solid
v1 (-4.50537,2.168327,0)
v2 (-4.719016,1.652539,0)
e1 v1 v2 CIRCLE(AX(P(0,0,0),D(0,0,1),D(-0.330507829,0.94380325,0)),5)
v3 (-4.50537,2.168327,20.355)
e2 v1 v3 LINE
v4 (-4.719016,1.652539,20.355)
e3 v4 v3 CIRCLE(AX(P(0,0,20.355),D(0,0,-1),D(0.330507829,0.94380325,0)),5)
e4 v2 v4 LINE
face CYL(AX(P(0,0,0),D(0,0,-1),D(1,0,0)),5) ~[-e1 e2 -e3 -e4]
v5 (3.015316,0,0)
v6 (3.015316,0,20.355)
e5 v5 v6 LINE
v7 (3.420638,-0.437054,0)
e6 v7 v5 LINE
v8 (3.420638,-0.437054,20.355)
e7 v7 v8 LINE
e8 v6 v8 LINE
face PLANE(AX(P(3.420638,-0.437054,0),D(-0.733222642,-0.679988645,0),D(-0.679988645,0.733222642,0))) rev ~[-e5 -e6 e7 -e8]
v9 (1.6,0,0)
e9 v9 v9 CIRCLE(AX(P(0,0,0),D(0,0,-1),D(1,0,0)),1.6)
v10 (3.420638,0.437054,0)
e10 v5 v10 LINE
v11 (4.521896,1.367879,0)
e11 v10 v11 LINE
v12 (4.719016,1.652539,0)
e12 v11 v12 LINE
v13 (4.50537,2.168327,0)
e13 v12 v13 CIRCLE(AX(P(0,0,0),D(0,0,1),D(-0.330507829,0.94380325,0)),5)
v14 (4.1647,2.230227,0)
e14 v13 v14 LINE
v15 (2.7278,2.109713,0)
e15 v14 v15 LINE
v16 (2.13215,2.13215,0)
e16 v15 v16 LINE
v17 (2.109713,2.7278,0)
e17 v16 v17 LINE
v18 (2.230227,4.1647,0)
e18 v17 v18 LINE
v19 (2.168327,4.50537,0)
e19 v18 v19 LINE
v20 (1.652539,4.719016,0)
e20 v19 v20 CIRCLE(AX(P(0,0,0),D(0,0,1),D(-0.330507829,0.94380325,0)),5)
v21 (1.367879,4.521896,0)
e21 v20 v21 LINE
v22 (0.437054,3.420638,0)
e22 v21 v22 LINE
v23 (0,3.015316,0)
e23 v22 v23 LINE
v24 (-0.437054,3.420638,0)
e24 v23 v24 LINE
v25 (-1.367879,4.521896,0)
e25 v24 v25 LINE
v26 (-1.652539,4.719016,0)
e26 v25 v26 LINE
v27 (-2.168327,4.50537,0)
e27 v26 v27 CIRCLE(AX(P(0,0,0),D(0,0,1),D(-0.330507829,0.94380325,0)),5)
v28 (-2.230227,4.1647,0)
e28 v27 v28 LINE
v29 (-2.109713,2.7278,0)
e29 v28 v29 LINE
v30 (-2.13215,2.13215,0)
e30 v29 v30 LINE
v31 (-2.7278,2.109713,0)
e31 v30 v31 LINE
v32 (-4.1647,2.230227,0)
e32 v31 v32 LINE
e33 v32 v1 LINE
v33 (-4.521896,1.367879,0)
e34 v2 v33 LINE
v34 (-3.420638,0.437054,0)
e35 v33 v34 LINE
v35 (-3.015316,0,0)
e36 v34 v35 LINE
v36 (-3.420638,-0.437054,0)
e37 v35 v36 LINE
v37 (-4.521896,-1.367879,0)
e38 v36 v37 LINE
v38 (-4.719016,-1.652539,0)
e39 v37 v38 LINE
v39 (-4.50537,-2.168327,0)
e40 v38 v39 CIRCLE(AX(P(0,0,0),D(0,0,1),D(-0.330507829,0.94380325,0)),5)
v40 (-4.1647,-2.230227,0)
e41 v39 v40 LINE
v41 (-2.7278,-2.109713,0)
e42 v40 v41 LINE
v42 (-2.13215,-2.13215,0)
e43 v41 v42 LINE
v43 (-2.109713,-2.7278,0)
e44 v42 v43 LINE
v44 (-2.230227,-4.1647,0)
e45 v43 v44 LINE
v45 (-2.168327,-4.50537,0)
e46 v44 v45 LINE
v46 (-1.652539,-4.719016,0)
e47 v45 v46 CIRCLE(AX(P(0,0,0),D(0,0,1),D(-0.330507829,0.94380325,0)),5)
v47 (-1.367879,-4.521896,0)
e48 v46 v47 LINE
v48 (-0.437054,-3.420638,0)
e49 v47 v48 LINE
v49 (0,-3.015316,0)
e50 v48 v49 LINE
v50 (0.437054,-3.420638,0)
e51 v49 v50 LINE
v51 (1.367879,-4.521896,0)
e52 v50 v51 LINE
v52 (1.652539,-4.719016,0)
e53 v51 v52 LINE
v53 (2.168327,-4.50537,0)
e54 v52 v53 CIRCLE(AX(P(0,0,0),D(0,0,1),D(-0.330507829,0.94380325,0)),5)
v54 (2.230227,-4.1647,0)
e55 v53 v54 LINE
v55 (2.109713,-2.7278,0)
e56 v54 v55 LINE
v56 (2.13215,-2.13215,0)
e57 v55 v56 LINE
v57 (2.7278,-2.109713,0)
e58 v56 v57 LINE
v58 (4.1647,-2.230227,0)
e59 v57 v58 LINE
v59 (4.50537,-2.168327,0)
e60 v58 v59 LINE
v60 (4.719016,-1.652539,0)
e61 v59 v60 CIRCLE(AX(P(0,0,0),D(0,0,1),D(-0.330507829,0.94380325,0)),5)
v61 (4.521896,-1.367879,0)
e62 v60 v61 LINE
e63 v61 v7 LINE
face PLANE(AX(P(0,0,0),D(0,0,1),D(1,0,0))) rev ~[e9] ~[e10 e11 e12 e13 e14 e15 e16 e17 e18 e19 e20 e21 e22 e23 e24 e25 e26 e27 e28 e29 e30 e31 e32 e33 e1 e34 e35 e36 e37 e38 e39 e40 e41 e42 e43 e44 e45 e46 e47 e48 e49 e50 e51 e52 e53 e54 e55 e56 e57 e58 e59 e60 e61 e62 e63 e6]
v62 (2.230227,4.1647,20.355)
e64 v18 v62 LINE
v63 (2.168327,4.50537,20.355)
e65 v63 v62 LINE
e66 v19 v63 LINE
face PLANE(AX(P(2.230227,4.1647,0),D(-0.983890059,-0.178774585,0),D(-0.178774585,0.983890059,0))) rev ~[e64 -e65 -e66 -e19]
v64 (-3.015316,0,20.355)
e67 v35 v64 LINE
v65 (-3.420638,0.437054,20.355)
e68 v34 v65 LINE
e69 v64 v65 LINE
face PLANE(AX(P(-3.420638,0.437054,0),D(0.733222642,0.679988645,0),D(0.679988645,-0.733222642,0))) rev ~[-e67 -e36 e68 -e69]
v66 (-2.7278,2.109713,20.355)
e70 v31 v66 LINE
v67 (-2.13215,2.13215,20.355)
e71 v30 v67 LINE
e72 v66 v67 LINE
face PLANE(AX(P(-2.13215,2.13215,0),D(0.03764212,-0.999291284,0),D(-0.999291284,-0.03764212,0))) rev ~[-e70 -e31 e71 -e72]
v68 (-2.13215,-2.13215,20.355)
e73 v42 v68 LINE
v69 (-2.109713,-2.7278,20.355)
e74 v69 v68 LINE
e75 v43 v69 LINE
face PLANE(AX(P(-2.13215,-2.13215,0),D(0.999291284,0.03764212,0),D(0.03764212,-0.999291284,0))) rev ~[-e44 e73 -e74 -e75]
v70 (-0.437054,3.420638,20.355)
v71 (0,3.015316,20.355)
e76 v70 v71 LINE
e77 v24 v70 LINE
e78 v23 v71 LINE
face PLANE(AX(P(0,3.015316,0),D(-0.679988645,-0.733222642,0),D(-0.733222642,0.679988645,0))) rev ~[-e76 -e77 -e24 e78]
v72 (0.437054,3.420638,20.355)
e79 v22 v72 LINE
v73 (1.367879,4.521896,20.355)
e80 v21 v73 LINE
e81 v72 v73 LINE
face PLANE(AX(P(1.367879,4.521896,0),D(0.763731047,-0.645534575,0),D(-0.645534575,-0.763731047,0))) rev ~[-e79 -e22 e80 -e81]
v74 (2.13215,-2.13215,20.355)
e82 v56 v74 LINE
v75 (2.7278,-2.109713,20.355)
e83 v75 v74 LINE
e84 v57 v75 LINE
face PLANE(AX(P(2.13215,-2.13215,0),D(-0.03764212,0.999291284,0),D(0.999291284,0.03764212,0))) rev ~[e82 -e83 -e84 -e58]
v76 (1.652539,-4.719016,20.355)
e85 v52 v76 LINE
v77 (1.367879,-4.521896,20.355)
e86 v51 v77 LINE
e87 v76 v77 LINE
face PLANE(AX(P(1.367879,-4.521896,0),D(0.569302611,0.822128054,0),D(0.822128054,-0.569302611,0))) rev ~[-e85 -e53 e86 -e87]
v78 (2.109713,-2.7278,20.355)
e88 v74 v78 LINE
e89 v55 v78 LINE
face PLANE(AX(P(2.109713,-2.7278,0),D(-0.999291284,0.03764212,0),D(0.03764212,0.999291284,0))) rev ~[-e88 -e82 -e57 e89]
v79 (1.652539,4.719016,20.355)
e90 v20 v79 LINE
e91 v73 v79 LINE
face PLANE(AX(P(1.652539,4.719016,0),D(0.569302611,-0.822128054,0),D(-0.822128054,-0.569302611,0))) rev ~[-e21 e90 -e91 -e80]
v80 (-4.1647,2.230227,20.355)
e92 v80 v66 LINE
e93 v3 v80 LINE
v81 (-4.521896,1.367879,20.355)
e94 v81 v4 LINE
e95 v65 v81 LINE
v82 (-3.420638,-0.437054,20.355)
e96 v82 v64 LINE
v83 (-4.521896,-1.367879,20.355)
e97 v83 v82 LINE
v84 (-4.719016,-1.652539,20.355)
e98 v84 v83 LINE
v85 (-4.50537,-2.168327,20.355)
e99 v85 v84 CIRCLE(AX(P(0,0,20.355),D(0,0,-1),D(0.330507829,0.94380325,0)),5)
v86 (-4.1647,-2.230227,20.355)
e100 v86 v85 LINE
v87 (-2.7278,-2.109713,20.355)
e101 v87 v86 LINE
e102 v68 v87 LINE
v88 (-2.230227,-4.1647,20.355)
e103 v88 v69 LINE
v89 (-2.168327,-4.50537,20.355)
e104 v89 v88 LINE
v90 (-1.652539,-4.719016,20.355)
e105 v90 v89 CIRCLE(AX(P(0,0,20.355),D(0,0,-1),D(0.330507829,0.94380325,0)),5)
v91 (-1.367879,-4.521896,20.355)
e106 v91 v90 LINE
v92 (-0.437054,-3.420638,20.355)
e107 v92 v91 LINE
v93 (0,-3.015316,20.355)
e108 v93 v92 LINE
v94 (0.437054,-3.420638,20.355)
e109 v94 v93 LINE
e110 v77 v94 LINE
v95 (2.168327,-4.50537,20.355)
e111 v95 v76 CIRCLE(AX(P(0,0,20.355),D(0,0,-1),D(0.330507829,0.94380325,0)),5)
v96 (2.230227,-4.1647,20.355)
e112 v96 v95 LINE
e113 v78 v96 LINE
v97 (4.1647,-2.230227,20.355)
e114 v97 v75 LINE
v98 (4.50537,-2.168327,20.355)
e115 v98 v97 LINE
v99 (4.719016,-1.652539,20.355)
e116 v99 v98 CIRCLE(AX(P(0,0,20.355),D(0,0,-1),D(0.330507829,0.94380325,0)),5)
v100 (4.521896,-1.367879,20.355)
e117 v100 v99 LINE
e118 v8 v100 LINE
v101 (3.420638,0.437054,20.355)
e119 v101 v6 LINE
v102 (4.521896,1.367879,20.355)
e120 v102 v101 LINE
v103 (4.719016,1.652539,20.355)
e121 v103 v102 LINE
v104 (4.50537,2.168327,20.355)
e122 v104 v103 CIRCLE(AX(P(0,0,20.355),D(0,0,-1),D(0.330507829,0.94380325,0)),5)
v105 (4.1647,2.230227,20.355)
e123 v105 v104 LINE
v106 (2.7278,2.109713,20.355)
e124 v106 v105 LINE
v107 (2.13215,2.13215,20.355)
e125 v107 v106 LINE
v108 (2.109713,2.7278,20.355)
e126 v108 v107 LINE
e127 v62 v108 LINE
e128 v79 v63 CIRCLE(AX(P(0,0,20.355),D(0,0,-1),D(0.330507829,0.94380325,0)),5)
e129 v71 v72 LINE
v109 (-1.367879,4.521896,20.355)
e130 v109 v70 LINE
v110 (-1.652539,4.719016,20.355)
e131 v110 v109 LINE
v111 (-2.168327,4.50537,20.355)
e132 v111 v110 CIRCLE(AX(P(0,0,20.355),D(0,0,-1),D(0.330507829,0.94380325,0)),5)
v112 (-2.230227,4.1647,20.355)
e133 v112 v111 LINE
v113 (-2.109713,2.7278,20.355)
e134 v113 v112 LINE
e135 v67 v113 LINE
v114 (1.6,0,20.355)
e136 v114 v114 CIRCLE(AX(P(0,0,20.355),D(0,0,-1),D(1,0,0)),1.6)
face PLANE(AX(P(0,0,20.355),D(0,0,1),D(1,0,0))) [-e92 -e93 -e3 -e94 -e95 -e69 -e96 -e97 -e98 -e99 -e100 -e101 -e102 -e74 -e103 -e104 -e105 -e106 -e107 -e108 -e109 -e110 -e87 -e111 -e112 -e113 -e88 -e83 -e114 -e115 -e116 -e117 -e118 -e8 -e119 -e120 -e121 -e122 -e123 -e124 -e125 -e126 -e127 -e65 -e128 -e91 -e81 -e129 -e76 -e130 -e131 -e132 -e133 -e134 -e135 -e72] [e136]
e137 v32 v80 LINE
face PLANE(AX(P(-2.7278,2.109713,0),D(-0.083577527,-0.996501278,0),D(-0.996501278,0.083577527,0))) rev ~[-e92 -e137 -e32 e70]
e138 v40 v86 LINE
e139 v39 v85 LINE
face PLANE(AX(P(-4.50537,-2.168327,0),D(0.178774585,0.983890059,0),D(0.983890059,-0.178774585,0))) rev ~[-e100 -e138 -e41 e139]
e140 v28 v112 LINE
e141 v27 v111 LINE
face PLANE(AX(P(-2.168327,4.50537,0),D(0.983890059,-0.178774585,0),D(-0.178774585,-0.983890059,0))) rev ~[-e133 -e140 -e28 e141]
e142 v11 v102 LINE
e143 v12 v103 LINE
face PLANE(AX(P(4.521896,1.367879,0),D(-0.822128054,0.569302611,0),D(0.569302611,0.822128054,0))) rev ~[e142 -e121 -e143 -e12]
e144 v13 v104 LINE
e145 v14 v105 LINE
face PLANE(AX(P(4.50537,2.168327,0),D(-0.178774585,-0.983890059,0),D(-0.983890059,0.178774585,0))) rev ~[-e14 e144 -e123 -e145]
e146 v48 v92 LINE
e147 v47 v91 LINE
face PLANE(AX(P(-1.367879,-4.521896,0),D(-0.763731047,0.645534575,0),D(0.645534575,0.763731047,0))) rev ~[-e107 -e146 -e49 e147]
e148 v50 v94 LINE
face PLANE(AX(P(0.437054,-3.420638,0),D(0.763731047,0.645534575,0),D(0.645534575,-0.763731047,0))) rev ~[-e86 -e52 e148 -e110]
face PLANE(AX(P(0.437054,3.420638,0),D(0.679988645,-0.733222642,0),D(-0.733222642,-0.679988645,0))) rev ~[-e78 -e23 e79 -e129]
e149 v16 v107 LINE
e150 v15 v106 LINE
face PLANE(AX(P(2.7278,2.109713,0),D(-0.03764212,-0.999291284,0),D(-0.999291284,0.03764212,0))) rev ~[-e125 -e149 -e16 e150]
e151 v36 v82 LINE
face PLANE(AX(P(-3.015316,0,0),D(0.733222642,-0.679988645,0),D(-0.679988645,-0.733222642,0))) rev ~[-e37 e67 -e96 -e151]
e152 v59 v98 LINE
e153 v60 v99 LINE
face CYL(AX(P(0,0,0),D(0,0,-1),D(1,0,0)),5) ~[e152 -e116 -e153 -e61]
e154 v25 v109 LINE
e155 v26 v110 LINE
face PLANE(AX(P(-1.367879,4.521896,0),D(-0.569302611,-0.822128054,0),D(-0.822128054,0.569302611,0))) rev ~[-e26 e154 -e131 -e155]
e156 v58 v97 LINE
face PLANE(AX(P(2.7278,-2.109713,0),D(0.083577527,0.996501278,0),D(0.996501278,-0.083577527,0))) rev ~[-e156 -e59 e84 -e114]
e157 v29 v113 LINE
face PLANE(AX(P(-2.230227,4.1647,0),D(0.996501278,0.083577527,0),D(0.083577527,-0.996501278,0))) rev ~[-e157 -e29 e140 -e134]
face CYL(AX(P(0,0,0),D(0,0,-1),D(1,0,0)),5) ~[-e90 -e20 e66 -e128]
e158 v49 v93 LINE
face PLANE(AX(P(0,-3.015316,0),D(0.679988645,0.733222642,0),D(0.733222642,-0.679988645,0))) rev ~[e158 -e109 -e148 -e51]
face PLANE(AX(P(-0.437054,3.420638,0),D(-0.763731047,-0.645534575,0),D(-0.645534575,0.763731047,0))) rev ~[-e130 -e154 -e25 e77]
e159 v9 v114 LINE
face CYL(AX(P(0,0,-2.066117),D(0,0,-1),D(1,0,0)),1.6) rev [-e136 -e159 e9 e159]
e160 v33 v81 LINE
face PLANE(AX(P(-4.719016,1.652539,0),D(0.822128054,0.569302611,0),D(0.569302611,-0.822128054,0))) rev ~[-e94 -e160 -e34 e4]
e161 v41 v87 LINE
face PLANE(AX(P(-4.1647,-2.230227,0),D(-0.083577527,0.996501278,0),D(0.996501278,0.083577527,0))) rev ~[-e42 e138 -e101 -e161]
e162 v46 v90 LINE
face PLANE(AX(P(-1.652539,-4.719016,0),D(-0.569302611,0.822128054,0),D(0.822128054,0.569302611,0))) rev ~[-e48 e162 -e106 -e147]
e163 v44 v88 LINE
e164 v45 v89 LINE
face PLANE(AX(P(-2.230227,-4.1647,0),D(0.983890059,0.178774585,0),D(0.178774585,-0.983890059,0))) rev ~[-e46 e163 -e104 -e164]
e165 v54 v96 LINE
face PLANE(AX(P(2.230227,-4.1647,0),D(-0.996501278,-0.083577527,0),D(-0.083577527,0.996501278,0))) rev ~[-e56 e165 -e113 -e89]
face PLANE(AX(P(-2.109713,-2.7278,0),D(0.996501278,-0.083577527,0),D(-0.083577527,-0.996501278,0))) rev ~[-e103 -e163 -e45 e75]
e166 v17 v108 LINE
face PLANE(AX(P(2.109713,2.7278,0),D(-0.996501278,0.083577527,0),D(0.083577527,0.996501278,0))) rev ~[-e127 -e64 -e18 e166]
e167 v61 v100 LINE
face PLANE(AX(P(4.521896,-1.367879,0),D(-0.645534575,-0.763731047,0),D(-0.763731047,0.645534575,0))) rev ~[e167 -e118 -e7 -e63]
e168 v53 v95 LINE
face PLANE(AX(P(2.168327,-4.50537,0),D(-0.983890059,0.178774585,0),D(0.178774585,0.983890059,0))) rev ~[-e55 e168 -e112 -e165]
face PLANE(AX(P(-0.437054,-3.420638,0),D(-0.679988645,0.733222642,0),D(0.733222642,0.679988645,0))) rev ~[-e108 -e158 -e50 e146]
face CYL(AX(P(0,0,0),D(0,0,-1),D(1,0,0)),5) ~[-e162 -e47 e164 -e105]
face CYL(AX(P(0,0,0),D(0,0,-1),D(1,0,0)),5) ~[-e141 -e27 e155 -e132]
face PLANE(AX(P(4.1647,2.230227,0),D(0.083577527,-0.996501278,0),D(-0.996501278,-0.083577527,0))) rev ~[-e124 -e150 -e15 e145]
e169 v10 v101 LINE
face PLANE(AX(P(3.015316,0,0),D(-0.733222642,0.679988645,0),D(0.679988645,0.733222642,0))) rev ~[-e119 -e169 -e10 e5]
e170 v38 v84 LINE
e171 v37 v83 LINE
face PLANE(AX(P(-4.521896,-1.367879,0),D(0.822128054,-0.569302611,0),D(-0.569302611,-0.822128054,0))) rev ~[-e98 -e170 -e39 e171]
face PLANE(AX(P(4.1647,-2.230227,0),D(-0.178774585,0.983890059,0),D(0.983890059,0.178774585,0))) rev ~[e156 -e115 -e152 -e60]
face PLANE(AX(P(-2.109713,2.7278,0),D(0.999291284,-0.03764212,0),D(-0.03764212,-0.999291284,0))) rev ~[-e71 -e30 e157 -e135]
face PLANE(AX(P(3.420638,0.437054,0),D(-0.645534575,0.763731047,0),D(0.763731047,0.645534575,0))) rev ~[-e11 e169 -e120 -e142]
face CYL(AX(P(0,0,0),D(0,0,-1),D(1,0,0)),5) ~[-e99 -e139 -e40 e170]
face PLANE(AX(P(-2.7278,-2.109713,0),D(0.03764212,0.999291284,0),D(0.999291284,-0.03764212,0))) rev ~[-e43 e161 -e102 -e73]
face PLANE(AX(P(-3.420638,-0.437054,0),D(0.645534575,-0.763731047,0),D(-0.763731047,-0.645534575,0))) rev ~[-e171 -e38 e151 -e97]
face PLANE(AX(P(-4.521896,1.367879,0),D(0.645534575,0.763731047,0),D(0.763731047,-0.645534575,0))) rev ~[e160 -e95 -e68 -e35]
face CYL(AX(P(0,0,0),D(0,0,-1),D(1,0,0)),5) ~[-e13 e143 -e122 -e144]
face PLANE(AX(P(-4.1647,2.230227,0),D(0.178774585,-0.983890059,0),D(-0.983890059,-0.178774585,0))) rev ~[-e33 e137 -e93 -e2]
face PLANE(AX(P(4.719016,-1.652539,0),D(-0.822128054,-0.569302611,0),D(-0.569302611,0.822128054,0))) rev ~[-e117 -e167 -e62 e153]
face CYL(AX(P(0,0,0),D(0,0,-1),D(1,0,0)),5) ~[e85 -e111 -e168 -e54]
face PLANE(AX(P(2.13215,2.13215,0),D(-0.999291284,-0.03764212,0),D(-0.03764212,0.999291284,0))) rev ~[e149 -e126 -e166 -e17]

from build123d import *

# Parameters (mm, degrees)
SKETCH1_R               = 5
BOSS_EXTRUDE1_DEPTH     = 20.355
CUT_EXTRUDE1_DEPTH      = 22.548225565
CIRPATTERN1_COUNT       = 8
CUT_EXTRUDE2_DEPTH      = 22.421117005
CUT_EXTRUDE2_DEPTH_BACK = 22.421117005
SKETCH4_R               = 1.6


with BuildPart() as part:
    # Sketch1 → Boss-Extrude1 (new body)
    with BuildSketch(Plane.XY):
        Circle(SKETCH1_R)
    extrude(amount=BOSS_EXTRUDE1_DEPTH)

    # Sketch2 → Cut-Extrude1 (cut, through all)
    with BuildSketch(Plane.XY):
        Polygon((0, 3.015315818), (-0.43705364, 3.420638152), (-1.367879142, 4.521896493), (-1.652539145, 4.719016251), (-1.899055149, 5.271190713), (0, 6.265180055), (1.899055149, 5.271190713), (1.652539145, 4.719016251), (1.367879142, 4.521896493), (0.43705364, 3.420638152), align=None)
    cut_extrude1 = extrude(amount=CUT_EXTRUDE1_DEPTH, mode=Mode.SUBTRACT)

    # CirPattern1: Cut-Extrude1 ×8 about axis
    cirpattern1_axis = Axis((0, 0, 0), (0, 0, 1))
    for i in range(1, CIRPATTERN1_COUNT):
        add(cut_extrude1.rotate(cirpattern1_axis, i * 360 / CIRPATTERN1_COUNT), mode=Mode.SUBTRACT)

    # Sketch4 → Cut-Extrude2 (cut, two sides: drawn at the far end of the back side and taken through both)
    with BuildSketch(Plane.XY.offset(20.355).offset(-CUT_EXTRUDE2_DEPTH_BACK)):
        Circle(SKETCH4_R)
    extrude(amount=CUT_EXTRUDE2_DEPTH + CUT_EXTRUDE2_DEPTH_BACK, mode=Mode.SUBTRACT)


solid = part.part
